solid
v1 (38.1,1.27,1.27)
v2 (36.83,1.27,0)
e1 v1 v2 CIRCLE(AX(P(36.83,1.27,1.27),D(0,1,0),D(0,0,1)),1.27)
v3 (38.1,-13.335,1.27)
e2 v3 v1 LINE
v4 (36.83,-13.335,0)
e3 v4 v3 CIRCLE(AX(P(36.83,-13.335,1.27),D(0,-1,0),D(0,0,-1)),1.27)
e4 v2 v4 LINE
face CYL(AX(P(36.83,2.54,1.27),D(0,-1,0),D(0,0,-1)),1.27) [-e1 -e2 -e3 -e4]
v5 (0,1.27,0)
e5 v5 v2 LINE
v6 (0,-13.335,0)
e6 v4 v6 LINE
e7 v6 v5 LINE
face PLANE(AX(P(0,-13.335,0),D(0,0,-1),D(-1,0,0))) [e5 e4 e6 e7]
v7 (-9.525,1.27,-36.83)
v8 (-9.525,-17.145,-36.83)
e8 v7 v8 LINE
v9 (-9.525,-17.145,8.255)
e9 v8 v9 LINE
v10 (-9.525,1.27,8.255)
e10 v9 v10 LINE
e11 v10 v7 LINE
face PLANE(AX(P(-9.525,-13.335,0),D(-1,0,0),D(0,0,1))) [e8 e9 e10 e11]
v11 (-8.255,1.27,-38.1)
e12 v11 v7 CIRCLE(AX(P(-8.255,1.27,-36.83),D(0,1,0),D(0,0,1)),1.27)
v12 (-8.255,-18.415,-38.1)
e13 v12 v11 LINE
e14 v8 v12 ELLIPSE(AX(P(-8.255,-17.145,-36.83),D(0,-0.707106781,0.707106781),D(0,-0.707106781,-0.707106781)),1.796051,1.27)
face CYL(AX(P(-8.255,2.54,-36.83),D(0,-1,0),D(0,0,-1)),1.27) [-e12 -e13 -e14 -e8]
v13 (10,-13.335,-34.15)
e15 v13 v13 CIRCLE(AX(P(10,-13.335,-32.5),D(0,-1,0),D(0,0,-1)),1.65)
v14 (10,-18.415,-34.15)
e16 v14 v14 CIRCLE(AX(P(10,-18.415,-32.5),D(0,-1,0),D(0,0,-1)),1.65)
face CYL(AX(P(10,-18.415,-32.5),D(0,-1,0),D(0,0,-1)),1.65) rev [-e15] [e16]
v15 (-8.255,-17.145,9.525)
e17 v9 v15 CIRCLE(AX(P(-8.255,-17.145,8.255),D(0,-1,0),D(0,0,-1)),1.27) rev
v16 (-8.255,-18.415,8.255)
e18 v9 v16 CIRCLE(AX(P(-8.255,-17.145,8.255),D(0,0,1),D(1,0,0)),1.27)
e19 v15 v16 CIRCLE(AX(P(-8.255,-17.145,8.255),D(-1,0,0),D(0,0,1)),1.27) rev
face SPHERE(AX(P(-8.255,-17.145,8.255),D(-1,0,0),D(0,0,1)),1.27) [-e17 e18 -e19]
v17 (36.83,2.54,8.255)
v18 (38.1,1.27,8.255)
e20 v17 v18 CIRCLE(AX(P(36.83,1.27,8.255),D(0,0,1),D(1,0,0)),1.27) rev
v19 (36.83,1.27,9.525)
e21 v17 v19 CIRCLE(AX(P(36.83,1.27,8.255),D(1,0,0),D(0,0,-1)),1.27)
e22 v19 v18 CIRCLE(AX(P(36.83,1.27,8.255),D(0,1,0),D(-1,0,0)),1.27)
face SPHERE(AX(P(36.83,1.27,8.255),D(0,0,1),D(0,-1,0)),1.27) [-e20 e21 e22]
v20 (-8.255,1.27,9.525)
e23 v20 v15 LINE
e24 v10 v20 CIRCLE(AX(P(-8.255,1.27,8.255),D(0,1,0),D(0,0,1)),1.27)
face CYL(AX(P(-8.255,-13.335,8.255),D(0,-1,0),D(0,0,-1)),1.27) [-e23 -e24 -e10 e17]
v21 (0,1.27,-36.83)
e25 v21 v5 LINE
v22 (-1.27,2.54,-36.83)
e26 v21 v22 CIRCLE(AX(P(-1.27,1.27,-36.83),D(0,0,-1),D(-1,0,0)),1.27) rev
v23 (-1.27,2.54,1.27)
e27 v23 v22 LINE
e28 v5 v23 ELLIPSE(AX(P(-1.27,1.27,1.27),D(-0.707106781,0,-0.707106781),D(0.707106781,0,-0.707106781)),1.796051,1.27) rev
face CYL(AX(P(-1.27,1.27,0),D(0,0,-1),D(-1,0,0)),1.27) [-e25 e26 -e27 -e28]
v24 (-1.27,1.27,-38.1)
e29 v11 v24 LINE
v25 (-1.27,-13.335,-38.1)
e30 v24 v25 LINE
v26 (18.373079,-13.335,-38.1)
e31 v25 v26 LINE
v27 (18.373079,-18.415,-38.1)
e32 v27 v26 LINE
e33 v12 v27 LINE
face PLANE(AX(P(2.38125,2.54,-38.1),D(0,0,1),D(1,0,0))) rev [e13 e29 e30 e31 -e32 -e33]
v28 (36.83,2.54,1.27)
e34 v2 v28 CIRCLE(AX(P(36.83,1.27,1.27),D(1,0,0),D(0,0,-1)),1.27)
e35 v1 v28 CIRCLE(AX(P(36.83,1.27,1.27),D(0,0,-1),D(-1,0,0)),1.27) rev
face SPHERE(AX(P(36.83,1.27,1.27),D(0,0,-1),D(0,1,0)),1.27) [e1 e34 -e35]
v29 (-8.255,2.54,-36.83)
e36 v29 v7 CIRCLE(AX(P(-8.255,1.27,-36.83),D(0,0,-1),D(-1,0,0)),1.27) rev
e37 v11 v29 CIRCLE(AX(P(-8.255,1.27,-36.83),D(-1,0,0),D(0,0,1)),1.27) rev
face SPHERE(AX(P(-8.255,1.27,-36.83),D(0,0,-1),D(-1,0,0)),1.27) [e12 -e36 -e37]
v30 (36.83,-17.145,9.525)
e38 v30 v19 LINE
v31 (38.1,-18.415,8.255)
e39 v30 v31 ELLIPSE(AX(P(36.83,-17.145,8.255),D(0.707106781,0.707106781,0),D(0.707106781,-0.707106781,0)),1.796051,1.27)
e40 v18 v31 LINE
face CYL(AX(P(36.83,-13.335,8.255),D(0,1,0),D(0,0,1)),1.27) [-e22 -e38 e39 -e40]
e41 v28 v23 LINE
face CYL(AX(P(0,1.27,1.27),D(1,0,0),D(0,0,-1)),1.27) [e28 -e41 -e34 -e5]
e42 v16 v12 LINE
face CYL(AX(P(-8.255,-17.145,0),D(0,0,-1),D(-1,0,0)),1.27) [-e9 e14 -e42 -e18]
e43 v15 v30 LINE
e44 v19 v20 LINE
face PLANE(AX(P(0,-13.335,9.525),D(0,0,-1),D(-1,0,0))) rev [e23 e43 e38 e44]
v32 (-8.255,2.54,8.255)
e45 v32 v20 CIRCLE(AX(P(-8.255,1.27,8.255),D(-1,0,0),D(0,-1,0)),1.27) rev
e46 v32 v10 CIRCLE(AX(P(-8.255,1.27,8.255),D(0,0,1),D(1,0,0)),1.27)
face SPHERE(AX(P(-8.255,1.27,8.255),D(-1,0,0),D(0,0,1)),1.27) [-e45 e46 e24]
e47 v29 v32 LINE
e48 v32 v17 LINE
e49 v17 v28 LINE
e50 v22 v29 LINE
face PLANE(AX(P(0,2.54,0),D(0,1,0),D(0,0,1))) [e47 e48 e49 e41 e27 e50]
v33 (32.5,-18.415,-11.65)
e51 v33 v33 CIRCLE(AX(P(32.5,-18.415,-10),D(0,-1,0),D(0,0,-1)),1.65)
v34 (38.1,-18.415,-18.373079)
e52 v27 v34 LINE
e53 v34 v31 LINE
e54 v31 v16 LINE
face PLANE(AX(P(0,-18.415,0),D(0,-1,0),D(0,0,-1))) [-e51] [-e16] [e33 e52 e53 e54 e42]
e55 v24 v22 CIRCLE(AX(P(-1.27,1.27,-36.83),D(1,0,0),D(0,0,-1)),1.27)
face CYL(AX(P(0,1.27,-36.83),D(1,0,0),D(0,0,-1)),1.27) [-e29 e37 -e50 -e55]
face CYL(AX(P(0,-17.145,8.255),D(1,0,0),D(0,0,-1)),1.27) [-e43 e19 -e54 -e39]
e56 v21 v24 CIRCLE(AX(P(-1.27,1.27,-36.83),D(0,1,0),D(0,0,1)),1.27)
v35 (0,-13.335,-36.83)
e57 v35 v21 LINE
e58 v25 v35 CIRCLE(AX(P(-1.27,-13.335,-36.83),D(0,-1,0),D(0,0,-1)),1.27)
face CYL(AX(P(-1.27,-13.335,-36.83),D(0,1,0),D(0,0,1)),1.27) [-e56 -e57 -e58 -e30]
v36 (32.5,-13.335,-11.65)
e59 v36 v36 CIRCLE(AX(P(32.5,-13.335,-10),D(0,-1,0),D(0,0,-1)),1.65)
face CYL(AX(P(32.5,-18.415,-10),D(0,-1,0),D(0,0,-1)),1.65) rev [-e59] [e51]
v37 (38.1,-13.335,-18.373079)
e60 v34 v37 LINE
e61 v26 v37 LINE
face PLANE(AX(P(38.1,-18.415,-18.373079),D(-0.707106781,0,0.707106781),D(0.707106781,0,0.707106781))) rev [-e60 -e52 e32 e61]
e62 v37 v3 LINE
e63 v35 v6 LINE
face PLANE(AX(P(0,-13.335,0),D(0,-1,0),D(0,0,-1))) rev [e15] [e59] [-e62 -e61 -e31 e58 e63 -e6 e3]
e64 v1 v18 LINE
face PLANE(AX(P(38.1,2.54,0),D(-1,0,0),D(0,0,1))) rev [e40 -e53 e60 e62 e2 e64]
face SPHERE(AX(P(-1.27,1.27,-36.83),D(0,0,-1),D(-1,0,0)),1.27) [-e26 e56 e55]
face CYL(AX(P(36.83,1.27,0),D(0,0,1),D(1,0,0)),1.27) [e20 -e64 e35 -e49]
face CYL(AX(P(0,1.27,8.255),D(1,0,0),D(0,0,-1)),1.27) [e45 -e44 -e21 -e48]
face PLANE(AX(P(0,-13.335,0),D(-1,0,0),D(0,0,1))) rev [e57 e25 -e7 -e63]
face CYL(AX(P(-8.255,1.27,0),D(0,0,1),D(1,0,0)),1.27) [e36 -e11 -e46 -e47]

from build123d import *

# Parameters (mm, degrees)
BOSS_EXTRUDE1_DEPTH      = 2.54
SKETCH2_W                = 9.525
SKETCH2_H                = 38.1
BOSS_EXTRUDE2_DEPTH      = 15.875
BOSS_EXTRUDE3_DEPTH      = 5.08
M3_CLEARANCE_HOLE1_D     = 3.3
M3_CLEARANCE_HOLE1_DEPTH = 12.7
M3_CLEARANCE_HOLE1_TIP   = 0.991420021
SKETCH7_W                = 35.71875
SKETCH7_H                = 2.38125
CUT_EXTRUDE1_DEPTH       = 2.54
FILLET1_R                = 1.27


with BuildPart() as part:
    # Sketch1 → Boss-Extrude1 (new body)
    with BuildSketch(Plane(origin=(0, 0, 0), x_dir=(1, 0, 0), z_dir=(0, 1, 0))):
        Polygon((0, 0), (38.1, 0), (38.1, 2.38125), (2.38125, 2.38125), (2.38125, 38.1), (0, 38.1), align=None)
    extrude(amount=BOSS_EXTRUDE1_DEPTH)

    # Sketch2 → Boss-Extrude2 (add)
    with BuildSketch(Plane(origin=(0, 2.54, 0), x_dir=(1, 0, 0), z_dir=(0, 1, 0))):
        with Locations((-4.7625, 19.05)):
            Rectangle(SKETCH2_W, SKETCH2_H)
        Polygon((0, 0), (-9.525, 0), (-9.525, -9.525), (38.1, -9.525), (38.1, 0), align=None)
    extrude(amount=-BOSS_EXTRUDE2_DEPTH)

    # Sketch3 → Boss-Extrude3 (add)
    with BuildSketch(Plane(origin=(0, -13.335, 0), x_dir=(-1, 0, 0), z_dir=(0, -1, 0))):
        Polygon((9.525, -9.525), (-38.1, -9.525), (-38.1, 18.373079092), (-18.373079092, 38.1), (9.525, 38.1), align=None)
    extrude(amount=BOSS_EXTRUDE3_DEPTH)

    # M3 Clearance Hole1
    with Locations(Plane(origin=(0, -18.415, 0), x_dir=(-1, 0, 0), z_dir=(0, -1, 0))):
        with Locations((-10, 32.5), (-32.5, 10)):
            Hole(M3_CLEARANCE_HOLE1_D / 2, depth=M3_CLEARANCE_HOLE1_DEPTH)
            with Locations((0, 0, -(M3_CLEARANCE_HOLE1_DEPTH + M3_CLEARANCE_HOLE1_TIP / 2))):  # 118° drill point
                Cone(0, M3_CLEARANCE_HOLE1_D / 2, M3_CLEARANCE_HOLE1_TIP, mode=Mode.SUBTRACT)

    # Sketch7 → Cut-Extrude1 (cut)
    with BuildSketch(Plane(origin=(0, 2.54, 0), x_dir=(1, 0, 0), z_dir=(0, 1, 0))):
        with Locations((20.240625, 1.190625)):
            Rectangle(SKETCH7_W, SKETCH7_H)
        Polygon((0, 0), (2.38125, 0), (2.38125, 2.38125), (2.38125, 38.1), (0, 38.1), align=None)
    extrude(amount=-CUT_EXTRUDE1_DEPTH, mode=Mode.SUBTRACT)

    # Fillet1
    fillet1_edges = [part.edges().sort_by_distance(p)[0] for p in [
        (38.1, 2.54, 4.7625),
        (0, -5.3975, -38.1),
        (-9.525, -7.9375, -38.1),
        (38.1, -5.3975, 0),
        (14.2875, 2.54, 9.525),
        (38.1, -7.9375, 9.525),
        (-9.525, -7.9375, 9.525),
        (-9.525, 2.54, -14.2875),
        (-9.525, -18.415, -14.2875),
        (14.2875, -18.415, 9.525),
        (-4.7625, 2.54, -38.1),
        (0, 2.54, -19.05),
        (19.05, 2.54, 0),
    ]]
    fillet(fillet1_edges, radius=FILLET1_R)


solid = part.part
